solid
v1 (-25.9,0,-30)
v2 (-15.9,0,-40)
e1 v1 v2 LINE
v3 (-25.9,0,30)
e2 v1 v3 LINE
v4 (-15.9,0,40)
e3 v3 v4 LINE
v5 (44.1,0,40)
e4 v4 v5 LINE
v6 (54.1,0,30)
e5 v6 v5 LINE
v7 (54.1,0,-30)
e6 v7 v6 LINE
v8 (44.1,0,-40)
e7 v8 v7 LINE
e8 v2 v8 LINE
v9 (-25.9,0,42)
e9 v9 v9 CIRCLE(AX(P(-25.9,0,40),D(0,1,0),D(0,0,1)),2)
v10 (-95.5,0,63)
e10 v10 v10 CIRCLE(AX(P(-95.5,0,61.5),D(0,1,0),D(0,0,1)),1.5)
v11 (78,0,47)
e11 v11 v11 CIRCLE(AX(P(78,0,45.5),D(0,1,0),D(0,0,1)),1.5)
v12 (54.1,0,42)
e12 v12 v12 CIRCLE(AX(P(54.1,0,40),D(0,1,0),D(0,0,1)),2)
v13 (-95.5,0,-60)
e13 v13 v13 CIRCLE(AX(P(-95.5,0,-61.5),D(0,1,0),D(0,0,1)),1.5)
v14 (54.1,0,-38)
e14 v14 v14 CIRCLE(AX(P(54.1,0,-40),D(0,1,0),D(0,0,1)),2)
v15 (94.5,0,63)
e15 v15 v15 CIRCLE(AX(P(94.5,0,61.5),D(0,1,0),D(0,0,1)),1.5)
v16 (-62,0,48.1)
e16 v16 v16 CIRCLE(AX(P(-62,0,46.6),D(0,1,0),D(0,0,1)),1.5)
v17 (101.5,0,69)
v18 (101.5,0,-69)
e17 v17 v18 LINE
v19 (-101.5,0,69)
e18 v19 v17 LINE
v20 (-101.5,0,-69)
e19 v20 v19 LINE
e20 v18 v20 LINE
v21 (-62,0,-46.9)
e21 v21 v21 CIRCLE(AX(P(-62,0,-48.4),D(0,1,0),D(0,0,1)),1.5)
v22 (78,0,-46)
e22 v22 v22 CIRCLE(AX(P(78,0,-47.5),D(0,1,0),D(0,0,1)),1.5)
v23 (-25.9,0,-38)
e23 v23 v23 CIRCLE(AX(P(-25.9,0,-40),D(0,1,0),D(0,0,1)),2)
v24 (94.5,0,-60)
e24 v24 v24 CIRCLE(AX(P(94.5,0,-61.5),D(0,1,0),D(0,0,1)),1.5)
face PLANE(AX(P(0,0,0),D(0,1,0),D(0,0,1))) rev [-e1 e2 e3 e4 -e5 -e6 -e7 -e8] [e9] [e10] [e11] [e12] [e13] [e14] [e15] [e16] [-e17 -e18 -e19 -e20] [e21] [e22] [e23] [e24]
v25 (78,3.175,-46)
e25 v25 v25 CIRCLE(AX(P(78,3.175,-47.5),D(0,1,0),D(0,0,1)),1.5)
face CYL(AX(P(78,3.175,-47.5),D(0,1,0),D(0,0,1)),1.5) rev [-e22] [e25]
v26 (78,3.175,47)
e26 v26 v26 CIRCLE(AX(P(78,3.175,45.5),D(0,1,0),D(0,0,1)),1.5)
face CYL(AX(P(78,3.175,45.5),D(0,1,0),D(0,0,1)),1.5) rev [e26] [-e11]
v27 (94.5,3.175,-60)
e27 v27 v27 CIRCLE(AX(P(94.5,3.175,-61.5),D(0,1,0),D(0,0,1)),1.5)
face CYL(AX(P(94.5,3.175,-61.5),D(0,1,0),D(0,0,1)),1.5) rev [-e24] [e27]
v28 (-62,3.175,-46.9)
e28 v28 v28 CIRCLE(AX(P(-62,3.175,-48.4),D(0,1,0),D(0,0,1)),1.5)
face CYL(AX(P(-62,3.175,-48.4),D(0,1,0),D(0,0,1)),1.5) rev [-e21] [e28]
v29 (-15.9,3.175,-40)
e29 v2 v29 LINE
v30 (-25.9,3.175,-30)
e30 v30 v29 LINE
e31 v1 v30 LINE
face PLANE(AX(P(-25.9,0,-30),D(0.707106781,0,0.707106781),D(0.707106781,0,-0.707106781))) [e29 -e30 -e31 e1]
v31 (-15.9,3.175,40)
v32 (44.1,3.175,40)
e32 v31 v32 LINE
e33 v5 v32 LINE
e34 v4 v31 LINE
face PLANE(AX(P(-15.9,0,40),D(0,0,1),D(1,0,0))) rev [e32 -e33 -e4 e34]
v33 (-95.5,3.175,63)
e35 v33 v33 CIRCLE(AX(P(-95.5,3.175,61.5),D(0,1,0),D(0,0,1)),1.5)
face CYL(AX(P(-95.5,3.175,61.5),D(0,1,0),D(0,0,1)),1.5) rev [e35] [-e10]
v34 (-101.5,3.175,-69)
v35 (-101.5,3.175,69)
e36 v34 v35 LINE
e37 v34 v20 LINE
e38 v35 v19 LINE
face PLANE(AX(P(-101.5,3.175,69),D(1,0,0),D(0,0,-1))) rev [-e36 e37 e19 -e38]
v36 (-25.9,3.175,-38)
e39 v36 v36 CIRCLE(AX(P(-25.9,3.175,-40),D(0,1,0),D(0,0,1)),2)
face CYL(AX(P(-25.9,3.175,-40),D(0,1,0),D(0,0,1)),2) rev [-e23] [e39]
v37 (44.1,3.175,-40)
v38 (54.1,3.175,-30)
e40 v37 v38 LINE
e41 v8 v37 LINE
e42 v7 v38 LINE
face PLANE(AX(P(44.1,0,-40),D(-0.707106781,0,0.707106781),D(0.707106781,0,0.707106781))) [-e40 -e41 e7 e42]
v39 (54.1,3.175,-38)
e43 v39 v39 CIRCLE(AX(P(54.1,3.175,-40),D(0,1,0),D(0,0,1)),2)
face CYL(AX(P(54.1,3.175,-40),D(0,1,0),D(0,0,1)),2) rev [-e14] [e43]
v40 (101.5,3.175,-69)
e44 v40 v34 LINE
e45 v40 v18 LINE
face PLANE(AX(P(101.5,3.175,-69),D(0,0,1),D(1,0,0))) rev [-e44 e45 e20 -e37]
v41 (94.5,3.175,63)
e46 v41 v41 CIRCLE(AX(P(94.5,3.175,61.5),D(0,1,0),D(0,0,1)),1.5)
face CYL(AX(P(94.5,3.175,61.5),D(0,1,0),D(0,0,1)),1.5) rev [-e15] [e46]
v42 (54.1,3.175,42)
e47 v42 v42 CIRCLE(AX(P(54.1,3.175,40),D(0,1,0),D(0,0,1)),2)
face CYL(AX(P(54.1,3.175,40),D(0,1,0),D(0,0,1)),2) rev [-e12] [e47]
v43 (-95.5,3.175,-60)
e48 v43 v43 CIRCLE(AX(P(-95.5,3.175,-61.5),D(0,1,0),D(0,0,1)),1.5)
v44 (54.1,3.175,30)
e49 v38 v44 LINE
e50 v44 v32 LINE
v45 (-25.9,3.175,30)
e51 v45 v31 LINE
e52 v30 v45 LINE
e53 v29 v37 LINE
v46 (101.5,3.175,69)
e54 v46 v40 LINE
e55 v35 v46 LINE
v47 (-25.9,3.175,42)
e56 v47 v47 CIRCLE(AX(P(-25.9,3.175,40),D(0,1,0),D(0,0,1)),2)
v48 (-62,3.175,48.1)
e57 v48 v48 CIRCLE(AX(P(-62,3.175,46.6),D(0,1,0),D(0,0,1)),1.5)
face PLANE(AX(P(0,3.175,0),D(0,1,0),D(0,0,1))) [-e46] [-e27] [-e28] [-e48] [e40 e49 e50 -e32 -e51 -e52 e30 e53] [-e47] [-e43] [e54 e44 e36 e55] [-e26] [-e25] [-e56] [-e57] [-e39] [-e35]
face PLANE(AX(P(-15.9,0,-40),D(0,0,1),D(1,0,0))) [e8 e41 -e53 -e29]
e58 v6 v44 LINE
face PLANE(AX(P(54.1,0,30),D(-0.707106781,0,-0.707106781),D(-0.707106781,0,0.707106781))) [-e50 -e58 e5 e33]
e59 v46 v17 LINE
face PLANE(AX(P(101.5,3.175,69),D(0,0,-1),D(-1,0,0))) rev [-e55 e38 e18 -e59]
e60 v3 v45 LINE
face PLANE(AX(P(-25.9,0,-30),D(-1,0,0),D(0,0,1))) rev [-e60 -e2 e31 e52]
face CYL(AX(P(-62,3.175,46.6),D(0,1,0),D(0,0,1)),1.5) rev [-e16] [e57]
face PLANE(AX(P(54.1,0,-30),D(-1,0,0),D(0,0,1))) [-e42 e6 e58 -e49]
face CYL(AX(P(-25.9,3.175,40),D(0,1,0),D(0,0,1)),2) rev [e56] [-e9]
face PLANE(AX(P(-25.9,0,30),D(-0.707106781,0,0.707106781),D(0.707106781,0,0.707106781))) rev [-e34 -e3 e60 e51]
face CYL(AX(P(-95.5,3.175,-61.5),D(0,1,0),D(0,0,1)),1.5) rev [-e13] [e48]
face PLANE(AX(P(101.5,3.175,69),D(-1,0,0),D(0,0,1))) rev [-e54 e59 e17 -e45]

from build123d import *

# Parameters (mm, degrees)
SKETCH1_W             = 203
SKETCH1_H             = 138
BOSS_EXTRUDE1_DEPTH   = 3.175
F_3_0MM_DOWEL_HOLE1_D = 3
F_4_0MM_DOWEL_HOLE1_D = 4
CUT_EXTRUDE1_DEPTH    = 123.773493169


with BuildPart() as part:
    # Sketch1 → Boss-Extrude1 (new body)
    with BuildSketch(Plane(origin=(0, 0, 0), x_dir=(1, 0, 0), z_dir=(0, 1, 0))):
        Rectangle(SKETCH1_W, SKETCH1_H)
    extrude(amount=BOSS_EXTRUDE1_DEPTH)

    # Ø3.0mm Dowel Hole1 (through all)
    with Locations(Plane(origin=(0, 3.175, 0), x_dir=(1, 0, 0), z_dir=(0, 1, 0))):
        with Locations((-95.5, 61.5), (94.5, 61.5), (94.5, -61.5), (-95.5, -61.5), (-62, -46.6), (78, -45.5), (78, 47.5), (-62, 48.4)):
            Hole(F_3_0MM_DOWEL_HOLE1_D / 2)

    # Ø4.0mm Dowel Hole1 (through all)
    with Locations(Plane(origin=(0, 3.175, 0), x_dir=(1, 0, 0), z_dir=(0, 1, 0))):
        with Locations((-25.9, 40), (54.1, 40), (54.1, -40), (-25.9, -40)):
            Hole(F_4_0MM_DOWEL_HOLE1_D / 2)

    # Sketch7 → Cut-Extrude1 (cut, through all)
    with BuildSketch(Plane(origin=(0, 3.175, 0), x_dir=(1, 0, 0), z_dir=(0, 1, 0))):
        Polygon((-25.9, 30), (-15.9, 40), (44.1, 40), (54.1, 30), (54.1, -30), (44.1, -40), (-15.9, -40), (-25.9, -30), align=None)
    extrude(amount=-CUT_EXTRUDE1_DEPTH, mode=Mode.SUBTRACT)


solid = part.part
